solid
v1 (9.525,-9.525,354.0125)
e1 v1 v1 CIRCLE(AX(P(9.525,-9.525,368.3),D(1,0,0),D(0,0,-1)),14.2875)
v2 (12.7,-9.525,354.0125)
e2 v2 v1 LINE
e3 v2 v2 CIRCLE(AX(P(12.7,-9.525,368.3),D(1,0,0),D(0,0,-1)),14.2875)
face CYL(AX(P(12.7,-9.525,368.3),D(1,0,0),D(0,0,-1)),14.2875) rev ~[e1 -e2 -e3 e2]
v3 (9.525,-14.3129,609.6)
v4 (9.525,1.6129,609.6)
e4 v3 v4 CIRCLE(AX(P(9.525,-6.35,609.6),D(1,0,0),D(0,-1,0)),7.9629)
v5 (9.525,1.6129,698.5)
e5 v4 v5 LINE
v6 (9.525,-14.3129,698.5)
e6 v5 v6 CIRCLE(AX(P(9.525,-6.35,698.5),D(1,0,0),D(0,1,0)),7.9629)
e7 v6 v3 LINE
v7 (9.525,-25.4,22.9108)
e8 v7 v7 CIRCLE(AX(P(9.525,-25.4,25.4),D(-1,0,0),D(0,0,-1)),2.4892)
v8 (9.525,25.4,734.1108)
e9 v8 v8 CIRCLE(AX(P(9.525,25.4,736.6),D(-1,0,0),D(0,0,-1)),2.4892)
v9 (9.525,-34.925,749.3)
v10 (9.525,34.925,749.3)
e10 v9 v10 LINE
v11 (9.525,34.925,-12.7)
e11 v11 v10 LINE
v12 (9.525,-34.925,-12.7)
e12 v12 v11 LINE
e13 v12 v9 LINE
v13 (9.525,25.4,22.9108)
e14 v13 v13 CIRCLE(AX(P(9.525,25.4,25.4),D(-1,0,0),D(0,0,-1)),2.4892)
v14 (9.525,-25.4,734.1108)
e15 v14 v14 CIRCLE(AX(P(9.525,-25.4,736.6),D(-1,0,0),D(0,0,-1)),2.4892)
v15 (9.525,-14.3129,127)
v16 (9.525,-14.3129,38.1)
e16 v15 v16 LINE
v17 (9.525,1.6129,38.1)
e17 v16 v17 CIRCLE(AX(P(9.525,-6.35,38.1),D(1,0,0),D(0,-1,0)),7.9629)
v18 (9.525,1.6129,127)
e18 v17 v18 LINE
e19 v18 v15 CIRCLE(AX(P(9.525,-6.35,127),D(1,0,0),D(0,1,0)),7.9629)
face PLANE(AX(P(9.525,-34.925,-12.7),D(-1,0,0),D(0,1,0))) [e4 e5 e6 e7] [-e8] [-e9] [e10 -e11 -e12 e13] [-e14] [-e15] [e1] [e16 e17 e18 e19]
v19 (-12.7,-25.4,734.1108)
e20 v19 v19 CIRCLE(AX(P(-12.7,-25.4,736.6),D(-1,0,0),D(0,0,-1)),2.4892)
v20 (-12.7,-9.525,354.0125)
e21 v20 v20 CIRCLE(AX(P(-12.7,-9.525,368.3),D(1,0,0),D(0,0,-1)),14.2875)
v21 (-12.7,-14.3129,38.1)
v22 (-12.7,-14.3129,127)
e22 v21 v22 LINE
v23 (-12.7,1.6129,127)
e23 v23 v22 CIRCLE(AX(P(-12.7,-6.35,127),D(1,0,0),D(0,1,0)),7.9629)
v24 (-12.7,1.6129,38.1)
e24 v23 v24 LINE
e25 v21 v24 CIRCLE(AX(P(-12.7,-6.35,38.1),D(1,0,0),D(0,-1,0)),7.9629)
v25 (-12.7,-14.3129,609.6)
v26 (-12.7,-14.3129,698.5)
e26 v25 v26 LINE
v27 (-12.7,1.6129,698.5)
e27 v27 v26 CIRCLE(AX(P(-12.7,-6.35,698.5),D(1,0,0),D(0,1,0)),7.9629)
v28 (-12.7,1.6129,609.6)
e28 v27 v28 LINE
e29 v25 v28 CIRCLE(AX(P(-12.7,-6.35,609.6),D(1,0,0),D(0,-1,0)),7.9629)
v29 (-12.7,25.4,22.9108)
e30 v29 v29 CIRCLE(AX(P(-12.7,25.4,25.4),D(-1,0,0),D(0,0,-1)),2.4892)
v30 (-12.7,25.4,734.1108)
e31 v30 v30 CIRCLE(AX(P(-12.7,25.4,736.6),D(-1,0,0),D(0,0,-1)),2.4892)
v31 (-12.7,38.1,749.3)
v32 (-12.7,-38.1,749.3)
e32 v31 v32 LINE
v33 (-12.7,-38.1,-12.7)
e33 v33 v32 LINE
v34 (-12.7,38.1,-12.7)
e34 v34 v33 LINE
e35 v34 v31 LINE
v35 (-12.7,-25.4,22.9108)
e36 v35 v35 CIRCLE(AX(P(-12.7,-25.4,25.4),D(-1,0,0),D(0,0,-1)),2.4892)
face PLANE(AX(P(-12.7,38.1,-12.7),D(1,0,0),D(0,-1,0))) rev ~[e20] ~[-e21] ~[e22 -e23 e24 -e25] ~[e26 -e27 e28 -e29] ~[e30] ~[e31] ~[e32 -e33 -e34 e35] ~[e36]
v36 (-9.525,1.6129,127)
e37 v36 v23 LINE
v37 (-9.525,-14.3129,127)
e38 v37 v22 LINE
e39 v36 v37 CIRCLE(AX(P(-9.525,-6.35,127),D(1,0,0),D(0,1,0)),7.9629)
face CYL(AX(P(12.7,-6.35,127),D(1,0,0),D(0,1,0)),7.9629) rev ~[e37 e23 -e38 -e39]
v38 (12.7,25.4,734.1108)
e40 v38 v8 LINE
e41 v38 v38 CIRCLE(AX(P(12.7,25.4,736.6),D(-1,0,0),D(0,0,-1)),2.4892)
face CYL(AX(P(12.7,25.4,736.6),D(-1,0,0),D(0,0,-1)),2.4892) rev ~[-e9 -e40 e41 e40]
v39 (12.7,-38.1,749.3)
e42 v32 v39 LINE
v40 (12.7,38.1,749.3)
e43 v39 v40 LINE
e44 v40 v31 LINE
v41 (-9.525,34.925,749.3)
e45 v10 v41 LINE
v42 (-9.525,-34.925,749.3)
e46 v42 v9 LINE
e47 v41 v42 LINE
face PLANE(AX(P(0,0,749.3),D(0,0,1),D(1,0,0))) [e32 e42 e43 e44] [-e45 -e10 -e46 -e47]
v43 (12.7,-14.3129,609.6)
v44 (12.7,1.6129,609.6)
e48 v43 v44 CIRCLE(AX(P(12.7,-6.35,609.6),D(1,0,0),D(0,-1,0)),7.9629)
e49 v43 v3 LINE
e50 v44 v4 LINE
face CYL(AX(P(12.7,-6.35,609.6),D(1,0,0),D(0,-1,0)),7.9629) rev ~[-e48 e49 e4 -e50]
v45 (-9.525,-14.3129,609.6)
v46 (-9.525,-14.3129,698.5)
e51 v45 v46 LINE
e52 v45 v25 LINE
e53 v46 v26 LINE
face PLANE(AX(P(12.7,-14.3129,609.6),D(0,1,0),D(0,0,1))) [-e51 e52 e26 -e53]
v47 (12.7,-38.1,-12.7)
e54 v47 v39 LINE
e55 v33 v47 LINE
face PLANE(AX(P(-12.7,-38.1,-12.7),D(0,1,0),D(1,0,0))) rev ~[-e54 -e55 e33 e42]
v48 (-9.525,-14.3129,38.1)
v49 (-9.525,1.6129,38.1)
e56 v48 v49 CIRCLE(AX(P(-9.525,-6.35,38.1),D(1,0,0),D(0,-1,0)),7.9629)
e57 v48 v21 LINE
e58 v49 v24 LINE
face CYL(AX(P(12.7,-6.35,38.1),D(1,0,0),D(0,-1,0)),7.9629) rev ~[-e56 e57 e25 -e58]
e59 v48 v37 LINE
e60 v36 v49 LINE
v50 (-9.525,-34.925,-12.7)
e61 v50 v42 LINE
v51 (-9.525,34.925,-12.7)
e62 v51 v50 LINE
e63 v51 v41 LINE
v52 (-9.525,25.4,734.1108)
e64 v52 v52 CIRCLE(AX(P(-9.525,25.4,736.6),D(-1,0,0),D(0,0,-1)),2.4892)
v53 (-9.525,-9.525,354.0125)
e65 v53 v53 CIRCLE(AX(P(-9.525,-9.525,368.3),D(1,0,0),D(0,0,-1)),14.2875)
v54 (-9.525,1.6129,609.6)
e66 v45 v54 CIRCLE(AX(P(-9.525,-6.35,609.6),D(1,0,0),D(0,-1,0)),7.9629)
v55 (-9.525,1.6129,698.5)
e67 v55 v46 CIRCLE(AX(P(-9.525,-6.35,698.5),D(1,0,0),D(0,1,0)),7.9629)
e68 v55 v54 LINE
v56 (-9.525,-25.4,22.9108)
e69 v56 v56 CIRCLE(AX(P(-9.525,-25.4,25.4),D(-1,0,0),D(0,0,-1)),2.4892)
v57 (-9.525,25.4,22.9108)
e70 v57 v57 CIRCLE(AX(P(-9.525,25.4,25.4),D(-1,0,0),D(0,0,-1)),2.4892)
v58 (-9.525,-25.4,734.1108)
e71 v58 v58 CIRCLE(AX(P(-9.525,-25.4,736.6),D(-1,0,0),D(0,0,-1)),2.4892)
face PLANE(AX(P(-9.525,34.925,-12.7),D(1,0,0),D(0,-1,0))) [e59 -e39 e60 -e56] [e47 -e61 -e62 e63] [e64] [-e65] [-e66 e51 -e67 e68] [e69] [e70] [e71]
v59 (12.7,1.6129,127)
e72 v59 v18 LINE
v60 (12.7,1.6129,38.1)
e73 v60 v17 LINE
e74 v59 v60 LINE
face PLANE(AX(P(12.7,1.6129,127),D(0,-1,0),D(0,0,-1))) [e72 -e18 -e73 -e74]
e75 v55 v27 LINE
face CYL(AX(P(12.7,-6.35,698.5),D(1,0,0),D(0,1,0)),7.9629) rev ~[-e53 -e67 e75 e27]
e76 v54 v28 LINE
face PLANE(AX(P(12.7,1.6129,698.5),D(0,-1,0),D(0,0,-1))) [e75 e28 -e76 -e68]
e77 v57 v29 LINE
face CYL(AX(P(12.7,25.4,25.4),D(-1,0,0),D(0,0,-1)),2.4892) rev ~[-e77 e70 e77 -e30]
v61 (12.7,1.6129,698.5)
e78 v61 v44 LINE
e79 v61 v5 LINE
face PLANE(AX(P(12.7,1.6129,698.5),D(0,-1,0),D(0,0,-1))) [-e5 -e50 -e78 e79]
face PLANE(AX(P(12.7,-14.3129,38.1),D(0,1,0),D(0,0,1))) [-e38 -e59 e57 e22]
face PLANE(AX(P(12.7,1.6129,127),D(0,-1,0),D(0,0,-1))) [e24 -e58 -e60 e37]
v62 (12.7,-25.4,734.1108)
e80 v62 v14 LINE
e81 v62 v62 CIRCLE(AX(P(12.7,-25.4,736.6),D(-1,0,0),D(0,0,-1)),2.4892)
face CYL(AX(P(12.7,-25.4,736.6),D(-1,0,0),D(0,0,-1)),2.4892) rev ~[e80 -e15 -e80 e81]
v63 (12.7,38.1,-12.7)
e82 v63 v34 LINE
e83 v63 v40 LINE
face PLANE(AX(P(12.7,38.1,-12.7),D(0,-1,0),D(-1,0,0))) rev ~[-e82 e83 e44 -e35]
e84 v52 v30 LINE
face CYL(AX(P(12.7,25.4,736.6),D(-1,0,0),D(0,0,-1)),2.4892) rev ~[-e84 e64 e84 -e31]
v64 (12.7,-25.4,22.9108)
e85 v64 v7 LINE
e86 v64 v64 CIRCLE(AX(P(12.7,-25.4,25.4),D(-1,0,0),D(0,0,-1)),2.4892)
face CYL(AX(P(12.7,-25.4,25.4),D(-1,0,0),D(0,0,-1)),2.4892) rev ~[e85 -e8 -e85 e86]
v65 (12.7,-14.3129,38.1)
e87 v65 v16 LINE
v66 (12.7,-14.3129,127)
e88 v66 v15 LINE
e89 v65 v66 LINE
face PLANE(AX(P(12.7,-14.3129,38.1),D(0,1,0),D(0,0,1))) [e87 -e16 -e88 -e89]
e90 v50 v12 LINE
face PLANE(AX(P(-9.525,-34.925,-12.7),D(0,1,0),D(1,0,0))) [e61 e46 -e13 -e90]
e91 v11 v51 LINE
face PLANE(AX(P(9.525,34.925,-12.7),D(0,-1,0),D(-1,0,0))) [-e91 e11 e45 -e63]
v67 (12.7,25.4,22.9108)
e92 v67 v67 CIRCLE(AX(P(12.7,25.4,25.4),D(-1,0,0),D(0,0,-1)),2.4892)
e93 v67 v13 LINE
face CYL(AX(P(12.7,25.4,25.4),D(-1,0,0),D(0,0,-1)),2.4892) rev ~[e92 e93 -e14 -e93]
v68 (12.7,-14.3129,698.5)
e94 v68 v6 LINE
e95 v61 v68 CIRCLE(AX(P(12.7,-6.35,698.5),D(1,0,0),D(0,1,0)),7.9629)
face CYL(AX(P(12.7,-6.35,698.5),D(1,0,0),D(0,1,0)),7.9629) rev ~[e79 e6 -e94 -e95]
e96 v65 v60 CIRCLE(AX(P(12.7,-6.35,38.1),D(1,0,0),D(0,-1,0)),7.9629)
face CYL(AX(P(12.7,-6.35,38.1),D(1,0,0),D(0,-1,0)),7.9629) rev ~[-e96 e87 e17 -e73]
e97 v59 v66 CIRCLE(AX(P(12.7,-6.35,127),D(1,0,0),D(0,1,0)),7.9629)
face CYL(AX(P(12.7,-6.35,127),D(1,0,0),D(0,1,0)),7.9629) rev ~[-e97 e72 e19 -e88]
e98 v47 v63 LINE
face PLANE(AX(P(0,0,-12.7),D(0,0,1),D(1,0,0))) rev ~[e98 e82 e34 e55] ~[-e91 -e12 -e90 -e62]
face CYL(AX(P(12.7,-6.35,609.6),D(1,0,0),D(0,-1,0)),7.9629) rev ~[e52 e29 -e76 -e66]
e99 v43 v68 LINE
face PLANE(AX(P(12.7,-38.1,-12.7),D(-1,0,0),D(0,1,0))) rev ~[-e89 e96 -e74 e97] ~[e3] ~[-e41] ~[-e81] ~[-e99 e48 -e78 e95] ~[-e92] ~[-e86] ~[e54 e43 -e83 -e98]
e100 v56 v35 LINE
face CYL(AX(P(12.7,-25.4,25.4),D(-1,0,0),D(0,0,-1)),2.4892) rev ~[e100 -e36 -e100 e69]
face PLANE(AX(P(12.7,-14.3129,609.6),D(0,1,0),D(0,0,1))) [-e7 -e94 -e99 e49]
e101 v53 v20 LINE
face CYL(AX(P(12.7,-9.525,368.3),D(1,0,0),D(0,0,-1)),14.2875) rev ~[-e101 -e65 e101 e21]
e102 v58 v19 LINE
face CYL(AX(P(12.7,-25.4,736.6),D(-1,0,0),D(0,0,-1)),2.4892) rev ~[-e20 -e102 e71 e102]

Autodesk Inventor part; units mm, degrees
ref_plane "Start Plane" through (0, 0, -12.7) normal (0, 0, 1) x (1, 0, 0)
ref_plane "End Plane" through (0, 0, 749.3) normal (0, 0, 1) x (1, 0, 0)
sketch "Sketch" plane through (0, 0, 0) normal (0, 0, 1) x (1, 0, 0)
  line L0 (-12.7, -38.1) -> (12.7, -38.1)
  line L1 (12.7, -38.1) -> (12.7, 38.1)
  line L2 (12.7, 38.1) -> (-12.7, 38.1)
  line L3 (-12.7, 38.1) -> (-12.7, -38.1)
  line L4 (-12.7, -38.1) -> (12.7, 38.1) construction
  line L5 (12.7, -38.1) -> (-12.7, 38.1) construction
  line L6 (-9.525, -34.925) -> (9.525, -34.925)
  line L7 (9.525, -34.925) -> (9.525, 34.925)
  line L8 (9.525, 34.925) -> (-9.525, 34.925)
  line L9 (-9.525, 34.925) -> (-9.525, -34.925)
  line L10 (-9.525, -34.925) -> (9.525, 34.925) construction
  line L11 (9.525, -34.925) -> (-9.525, 34.925) construction
  point P0 (0, 0)
  dimension "d0" = 25.4
  dimension "d1" = 76.2
  dimension "d2" = 3.175
  dimension "d3" = 3.175
extrude "Body" add sketch "Sketch" along normal up to surface (762 mm away) from surface at -12.7
sketch "Sketch6" plane through (0, 0, 0) normal (0, 0, 1) x (1, 0, 0)
  line L0 (0, 0) -> (10, 0)
ref_plane "Work Plane5" through (0, 0, 0) normal (0, -1, 0) x (1, 0, 0)
sketch "Sketch7" plane through (0, 0, 0) normal (0, -1, 0) x (1, 0, 0)
  line L0 (-2, -12.7) -> (12, -12.7)
  line L1 (-2, 749.3) -> (12, 749.3)
  dimension "d11" = 762
ref_plane "Work Plane6" through (12.7, 0, 749.3) normal (0, 0, 1) x (1, 0, 0)
split "Split1" plane through (12.7, 0, 749.3) removes the side toward (0, 0, 1)
ref_plane "Work Plane7" through (609.6, 38.1, -12.7) normal (0, 0, -1) x (-1, 0, 0)
split "Split2" plane through (609.6, 38.1, -12.7) removes the side toward (0, 0, -1)
sketch "Sketch8" plane through (12.7, -38.1, 749.3) normal (1, 0, 0) x (0, 0, -1)
  line L0 (0, 0) -> (762, 0) projected
  line L1 (762, 76.2) -> (762, 0) projected
  circle A0 centre (381, 28.575) radius 14.2875
  line L2 (0, 76.2) -> (0, 0) projected
  line L3 (762, 76.2) -> (0, 76.2) projected
  arc A1 (50.8, 39.7129) -> (50.8, 23.7871) centre (50.8, 31.75) ccw
  arc A2 (139.7, 23.7871) -> (139.7, 39.7129) centre (139.7, 31.75) ccw
  line L4 (50.8, 39.7129) -> (139.7, 39.7129)
  line L5 (139.7, 23.7871) -> (50.8, 23.7871)
  arc A3 (622.3, 39.7129) -> (622.3, 23.7871) centre (622.3, 31.75) ccw
  arc A4 (711.2, 23.7871) -> (711.2, 39.7129) centre (711.2, 31.75) ccw
  line L6 (622.3, 39.7129) -> (711.2, 39.7129)
  line L7 (711.2, 23.7871) -> (622.3, 23.7871)
  line L8 (381, 0) -> (381, 76.2) construction
  dimension "d23" = 28.575
  dimension "d43" = 7.9629
  dimension "d44" = 88.9
  dimension "d45" = 7.9629
  dimension "d46" = 88.9
  dimension "d48" = 31.75
  dimension "d49" = 50.8
  dimension "d50" = 50.8
  dimension "d51" = 31.75
  dimension "d52" = 28.575
extrude "Extrusion3" cut sketch "Sketch8" against normal through all contours A0 | L4 A2 L5 A1 | L6 A4 L7 A3
sketch "Sketch9" plane through (12.7, -38.1, 749.3) normal (1, 0, 0) x (0, 0, -1)
  line L0 (762, 76.2) -> (0, 76.2) projected
  line L1 (0, 76.2) -> (0, 0) projected
  point P0 (12.7, 63.5)
  point P1 (723.9, 63.5)
  point P2 (12.7, 12.7)
  point P3 (723.9, 12.7)
  dimension "d26" = 12.7
  dimension "d27" = 12.7
  dimension "d30" = 711.2
  dimension "d33" = 50.8
hole "Hole1" at (12.7, 25.4, 25.4) at (12.7, -25.4, 25.4) at (12.7, -25.4, 736.6) at (12.7, 25.4, 736.6) direction (-1, 0, 0) diameter 4.9784 end through all clearance for "Flat Head Machine Screw (82)" size "#10" standard "Ansi Unified Screw Threads"
equation "\"d0\" = Width"
equation "\"d1\" = Height"
equation "\"d2\" = Thickness"
equation "\"d3\" = Thickness"
equation "\"d45\" = d43"
equation "\"d46\" = d44"
equation "\"d50\" = d49"
equation "\"d51\" = d48"
equation "\"Height\" = 76.2"
equation "\"Width\" = 25.4"
equation "\"Thickness\" = 3.175"
equation "\"BaseLength\" = 736.6"
equation "\"G_OFFSET_START\" = 12.7"
equation "\"G_OFFSET_END\" = 12.7"
equation "\"d6\" = -G_OFFSET_START"
equation "\"d7\" = BaseLength + G_OFFSET_END"
equation "\"G_L\" = d11"
properties part number "AL RECT TUBE 3 x 1 x 0.125" material "Aluminum 6061"
